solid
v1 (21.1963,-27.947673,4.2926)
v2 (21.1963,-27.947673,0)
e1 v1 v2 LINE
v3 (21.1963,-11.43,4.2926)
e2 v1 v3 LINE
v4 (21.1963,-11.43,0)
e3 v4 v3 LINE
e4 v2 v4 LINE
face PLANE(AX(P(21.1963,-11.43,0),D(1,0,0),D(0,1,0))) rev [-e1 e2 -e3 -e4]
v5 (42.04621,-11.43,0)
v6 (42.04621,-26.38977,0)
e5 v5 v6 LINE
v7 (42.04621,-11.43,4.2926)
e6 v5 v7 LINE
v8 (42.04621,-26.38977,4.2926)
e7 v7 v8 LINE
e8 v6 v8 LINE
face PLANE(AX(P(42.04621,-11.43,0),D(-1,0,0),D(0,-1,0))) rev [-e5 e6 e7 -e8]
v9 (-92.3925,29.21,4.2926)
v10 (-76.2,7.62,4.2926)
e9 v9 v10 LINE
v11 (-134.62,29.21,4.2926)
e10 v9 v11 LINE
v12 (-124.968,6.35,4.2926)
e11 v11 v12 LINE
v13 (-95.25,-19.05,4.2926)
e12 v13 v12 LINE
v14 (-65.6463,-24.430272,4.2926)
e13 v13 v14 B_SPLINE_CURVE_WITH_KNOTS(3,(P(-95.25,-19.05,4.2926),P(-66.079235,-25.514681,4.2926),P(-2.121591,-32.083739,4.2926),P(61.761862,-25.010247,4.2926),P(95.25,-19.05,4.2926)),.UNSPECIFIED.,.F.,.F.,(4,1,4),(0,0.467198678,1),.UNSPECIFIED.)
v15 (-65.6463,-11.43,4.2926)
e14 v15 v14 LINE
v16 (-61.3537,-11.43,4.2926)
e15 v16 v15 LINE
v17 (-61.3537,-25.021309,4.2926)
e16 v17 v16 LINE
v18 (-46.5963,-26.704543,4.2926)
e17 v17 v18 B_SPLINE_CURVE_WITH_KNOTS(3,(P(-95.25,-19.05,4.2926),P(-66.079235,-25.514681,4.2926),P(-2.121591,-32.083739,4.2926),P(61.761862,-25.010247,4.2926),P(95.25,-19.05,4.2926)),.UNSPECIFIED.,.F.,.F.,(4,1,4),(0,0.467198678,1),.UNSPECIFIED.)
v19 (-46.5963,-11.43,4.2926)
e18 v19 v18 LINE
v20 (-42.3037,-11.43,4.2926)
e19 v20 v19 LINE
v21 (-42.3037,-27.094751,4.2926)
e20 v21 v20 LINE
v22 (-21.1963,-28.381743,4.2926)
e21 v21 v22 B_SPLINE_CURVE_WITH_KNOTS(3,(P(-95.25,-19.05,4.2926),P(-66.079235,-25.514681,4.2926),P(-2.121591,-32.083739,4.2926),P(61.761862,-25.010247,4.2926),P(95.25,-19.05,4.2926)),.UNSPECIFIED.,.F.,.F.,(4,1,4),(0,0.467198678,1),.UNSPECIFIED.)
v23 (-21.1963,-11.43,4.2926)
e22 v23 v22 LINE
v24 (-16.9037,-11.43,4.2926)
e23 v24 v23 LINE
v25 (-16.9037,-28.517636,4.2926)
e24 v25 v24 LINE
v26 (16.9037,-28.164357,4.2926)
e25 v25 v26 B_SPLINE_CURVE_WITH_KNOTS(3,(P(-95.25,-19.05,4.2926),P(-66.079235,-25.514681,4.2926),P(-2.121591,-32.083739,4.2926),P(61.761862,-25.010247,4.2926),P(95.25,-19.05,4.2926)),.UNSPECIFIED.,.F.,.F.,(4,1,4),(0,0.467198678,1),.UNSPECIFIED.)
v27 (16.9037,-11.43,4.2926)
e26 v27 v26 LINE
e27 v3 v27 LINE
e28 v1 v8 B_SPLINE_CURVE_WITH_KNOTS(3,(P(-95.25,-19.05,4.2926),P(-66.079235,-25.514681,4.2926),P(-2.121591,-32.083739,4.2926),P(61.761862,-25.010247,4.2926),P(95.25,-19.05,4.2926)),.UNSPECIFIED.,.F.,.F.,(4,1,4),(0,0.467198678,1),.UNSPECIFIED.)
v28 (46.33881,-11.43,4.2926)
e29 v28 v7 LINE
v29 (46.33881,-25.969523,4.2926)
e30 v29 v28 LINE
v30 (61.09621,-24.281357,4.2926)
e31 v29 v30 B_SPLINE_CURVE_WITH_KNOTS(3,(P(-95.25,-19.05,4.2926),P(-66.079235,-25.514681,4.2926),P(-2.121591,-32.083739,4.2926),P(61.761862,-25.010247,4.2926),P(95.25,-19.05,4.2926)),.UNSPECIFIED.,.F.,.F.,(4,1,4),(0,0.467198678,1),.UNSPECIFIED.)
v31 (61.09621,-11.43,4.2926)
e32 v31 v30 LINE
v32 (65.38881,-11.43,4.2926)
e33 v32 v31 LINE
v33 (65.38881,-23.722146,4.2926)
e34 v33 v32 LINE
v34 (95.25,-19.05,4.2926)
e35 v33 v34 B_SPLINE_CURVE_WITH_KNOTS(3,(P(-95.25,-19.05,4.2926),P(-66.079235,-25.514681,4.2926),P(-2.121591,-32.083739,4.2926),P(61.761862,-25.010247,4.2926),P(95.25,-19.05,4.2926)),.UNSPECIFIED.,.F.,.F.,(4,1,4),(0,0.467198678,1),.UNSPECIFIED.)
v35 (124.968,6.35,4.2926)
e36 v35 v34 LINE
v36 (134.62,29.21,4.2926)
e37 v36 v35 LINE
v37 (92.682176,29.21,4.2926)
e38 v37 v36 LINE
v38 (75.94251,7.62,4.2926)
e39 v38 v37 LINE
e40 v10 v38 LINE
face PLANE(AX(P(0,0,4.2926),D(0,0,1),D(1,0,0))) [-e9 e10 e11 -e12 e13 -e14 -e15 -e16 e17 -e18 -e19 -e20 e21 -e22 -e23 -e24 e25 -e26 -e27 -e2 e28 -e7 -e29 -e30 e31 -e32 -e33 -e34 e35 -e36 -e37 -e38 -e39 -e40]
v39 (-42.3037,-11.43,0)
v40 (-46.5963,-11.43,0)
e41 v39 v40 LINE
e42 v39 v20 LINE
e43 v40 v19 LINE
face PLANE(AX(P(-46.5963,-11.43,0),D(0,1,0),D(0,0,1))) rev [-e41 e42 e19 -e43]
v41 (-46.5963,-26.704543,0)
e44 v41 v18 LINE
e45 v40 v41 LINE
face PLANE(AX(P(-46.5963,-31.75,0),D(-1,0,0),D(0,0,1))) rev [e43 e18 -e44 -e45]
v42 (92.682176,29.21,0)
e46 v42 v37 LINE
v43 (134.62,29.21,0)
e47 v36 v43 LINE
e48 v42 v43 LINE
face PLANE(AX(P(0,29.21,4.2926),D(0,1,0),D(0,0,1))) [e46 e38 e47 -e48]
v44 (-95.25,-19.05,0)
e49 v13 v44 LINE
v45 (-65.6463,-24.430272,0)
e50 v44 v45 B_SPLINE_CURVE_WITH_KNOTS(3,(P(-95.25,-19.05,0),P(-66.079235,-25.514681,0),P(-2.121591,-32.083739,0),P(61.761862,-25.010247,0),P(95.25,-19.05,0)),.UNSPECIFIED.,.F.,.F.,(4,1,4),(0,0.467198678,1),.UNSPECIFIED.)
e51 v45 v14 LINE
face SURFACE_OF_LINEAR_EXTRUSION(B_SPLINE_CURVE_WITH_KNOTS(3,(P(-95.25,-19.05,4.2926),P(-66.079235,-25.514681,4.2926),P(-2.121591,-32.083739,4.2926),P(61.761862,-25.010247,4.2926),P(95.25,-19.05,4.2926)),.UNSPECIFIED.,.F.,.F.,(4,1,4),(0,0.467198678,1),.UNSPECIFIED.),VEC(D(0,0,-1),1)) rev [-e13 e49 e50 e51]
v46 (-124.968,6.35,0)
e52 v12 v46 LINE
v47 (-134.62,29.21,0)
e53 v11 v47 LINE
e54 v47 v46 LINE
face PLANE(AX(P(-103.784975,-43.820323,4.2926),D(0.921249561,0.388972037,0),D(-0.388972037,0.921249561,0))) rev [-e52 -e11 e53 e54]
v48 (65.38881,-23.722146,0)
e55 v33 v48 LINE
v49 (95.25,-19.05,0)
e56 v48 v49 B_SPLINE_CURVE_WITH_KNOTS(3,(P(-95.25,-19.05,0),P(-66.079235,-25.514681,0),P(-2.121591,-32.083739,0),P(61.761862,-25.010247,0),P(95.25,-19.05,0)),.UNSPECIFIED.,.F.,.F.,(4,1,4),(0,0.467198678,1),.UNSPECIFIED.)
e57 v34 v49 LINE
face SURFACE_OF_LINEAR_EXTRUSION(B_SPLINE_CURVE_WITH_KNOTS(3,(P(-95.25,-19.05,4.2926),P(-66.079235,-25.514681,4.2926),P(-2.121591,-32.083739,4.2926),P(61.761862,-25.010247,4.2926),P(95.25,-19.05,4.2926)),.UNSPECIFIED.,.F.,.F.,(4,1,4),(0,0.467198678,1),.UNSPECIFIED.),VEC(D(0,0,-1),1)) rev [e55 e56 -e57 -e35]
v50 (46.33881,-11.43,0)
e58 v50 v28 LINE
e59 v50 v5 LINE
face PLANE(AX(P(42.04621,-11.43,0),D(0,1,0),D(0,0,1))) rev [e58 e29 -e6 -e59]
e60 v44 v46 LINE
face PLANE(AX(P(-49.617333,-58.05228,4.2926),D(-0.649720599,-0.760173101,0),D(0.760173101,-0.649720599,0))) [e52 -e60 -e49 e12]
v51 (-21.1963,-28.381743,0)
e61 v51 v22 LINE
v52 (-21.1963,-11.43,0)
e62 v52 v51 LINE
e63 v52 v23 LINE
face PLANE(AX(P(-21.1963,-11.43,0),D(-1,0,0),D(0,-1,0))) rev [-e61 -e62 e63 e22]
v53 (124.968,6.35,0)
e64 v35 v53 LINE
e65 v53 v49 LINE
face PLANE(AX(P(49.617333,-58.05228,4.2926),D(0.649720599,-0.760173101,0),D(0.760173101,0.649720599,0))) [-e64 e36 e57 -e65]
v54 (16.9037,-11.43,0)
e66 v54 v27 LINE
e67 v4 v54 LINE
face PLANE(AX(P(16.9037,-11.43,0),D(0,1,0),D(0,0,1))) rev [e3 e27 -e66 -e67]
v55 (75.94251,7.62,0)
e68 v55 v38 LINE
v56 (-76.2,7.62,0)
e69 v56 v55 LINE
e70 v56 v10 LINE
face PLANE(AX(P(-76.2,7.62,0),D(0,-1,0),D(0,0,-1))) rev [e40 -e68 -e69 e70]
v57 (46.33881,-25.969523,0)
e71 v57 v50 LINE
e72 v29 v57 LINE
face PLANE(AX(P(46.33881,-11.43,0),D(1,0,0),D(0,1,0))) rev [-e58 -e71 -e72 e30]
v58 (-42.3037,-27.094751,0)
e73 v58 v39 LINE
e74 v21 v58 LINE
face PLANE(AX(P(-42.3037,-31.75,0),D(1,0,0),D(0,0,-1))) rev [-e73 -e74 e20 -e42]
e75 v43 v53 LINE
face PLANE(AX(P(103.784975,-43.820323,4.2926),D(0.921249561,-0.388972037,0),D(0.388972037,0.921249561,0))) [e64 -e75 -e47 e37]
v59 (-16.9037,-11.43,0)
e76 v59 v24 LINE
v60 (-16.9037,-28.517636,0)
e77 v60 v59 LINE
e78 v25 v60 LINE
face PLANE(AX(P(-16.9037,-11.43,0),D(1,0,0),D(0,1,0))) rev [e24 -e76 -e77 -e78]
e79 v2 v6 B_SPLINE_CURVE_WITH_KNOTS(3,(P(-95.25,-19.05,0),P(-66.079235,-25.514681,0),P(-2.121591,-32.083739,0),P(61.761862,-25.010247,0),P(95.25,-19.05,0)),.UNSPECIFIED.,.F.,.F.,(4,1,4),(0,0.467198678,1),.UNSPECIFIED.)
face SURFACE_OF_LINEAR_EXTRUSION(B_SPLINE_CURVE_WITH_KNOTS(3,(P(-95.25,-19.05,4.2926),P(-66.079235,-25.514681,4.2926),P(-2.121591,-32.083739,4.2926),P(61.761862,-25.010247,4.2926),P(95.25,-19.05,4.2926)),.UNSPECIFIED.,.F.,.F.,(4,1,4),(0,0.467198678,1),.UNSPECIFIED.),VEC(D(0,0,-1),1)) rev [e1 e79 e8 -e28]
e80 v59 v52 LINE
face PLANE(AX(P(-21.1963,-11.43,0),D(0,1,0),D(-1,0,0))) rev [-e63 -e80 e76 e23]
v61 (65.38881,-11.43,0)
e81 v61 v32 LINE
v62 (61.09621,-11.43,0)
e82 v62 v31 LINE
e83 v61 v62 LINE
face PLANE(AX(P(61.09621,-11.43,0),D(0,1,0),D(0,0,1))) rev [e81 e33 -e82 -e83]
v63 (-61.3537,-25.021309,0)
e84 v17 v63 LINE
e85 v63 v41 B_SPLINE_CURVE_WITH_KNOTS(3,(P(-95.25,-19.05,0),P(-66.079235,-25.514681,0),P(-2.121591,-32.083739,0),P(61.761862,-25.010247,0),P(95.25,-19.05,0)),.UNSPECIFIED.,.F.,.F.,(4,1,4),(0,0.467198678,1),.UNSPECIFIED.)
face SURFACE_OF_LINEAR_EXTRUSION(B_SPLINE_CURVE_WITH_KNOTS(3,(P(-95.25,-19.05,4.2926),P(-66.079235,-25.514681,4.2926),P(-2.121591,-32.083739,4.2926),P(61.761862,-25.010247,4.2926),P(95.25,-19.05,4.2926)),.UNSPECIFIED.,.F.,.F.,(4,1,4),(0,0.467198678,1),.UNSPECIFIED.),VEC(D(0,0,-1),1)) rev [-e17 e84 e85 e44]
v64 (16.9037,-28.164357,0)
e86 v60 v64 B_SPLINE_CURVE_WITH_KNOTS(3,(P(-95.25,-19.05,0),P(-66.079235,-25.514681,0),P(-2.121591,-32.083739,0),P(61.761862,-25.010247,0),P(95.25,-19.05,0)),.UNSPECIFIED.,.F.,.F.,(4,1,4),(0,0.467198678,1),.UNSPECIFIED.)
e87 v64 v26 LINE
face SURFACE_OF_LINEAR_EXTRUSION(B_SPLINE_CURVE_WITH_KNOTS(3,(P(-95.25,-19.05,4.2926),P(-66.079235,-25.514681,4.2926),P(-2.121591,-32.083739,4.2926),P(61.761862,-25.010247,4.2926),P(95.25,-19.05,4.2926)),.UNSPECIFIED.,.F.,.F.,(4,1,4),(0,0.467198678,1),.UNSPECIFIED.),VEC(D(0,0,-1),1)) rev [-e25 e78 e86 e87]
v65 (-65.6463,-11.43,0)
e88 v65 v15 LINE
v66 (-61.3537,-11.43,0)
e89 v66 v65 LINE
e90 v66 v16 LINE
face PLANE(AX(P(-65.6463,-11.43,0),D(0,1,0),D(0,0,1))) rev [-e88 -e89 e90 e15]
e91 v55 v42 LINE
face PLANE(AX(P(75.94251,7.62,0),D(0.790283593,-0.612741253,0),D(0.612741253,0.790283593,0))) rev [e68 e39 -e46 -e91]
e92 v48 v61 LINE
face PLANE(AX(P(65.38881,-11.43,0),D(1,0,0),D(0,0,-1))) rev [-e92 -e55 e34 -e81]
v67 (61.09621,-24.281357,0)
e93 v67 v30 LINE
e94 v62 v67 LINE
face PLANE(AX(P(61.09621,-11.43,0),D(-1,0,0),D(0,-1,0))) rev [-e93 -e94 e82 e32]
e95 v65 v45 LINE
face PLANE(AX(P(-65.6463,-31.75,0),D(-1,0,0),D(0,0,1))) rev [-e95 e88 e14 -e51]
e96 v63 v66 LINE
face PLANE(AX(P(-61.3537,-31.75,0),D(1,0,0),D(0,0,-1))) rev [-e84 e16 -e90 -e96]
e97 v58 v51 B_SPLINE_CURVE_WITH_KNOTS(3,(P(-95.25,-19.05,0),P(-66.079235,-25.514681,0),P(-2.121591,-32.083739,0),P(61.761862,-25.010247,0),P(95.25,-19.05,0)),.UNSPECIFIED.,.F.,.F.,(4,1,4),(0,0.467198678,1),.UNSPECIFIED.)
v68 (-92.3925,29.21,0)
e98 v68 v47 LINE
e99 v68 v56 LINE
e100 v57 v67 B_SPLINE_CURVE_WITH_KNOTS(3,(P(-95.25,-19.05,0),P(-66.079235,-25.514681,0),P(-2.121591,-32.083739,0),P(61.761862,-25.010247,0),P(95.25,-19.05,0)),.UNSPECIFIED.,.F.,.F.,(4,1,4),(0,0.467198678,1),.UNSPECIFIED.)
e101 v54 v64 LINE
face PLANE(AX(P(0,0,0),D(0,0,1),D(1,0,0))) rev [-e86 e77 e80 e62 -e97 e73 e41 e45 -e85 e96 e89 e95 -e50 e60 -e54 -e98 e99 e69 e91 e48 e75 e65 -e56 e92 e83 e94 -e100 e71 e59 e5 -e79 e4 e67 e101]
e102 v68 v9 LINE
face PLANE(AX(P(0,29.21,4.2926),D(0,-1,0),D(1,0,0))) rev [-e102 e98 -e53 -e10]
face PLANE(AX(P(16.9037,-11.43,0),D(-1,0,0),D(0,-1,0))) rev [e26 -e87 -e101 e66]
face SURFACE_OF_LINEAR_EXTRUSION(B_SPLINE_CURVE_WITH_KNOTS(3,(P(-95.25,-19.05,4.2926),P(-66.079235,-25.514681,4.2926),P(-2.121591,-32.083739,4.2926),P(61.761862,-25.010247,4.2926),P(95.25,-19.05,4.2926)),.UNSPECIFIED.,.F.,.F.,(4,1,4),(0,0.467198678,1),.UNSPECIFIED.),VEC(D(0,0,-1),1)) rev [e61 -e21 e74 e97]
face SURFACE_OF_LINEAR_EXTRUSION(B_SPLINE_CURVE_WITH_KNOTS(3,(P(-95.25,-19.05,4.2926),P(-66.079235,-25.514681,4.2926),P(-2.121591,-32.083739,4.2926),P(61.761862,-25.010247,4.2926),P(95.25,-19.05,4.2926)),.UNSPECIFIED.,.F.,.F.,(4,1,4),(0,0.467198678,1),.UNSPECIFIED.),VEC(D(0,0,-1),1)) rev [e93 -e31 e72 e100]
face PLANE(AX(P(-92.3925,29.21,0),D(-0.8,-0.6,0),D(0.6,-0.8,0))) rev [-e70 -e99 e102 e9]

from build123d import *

# Parameters (mm, degrees)
SKETCH1_W           = 152.4
SKETCH1_H           = 38.1
BOSS_EXTRUDE1_DEPTH = 4.2926
SKETCH2_W           = 152.142509963
SKETCH2_H           = 11.43
CUT_EXTRUDE1_DEPTH  = 4.2926
SKETCH3_W           = 4.2926
SKETCH3_H           = 20.32
CUT_EXTRUDE2_DEPTH  = 4.2926


with BuildPart() as part:
    # Sketch1 → Boss-Extrude1 (new body)
    with BuildSketch(Plane.XY):
        Polygon((-83.82, 29.21), (-134.62, 29.21), (-124.968, 6.35), (-95.25, -19.05), (-76.2, -19.05), (-76.2, 19.05), align=None)
        Rectangle(SKETCH1_W, SKETCH1_H)
        with BuildLine():
            Line((-76.2, -19.05), (-95.25, -19.05))
            add(Edge.make_bspline(
                [(-95.25, -19.05), (-66.079235011, -25.514680938), (-2.12159074, -32.083739423), (61.761861898, -25.010246771), (95.25, -19.05)],
                knots=[0, 0, 0, 0, 0.467198678, 1, 1, 1, 1], degree=3))
            Line((95.25, -19.05), (76.2, -19.05))
            Line((76.2, -19.05), (-76.2, -19.05))
        make_face()
        Polygon((95.25, -19.05), (76.2, -19.05), (76.2, 19.05), (83.82, 29.21), (134.62, 29.21), (124.968, 6.35), align=None)
    extrude(amount=BOSS_EXTRUDE1_DEPTH)

    # Sketch2 → Cut-Extrude1 (cut)
    with BuildSketch(Plane.XY.offset(4.2926)):
        with Locations((-0.128745018, 13.335)):
            Rectangle(SKETCH2_W, SKETCH2_H)
    extrude(amount=-CUT_EXTRUDE1_DEPTH, mode=Mode.SUBTRACT)

    # Sketch3 → Cut-Extrude2 (cut)
    with BuildSketch(Plane.XY.offset(4.2926)):
        with Locations((-63.5, -21.59)):
            Rectangle(SKETCH3_W, SKETCH3_H)
        with Locations((-44.45, -21.59)):
            Rectangle(SKETCH3_W, SKETCH3_H)
        with Locations((-19.05, -21.59)):
            Rectangle(SKETCH3_W, SKETCH3_H)
        with Locations((44.192509963, -21.59)):
            Rectangle(SKETCH3_W, SKETCH3_H)
        with Locations((63.242509963, -21.59)):
            Rectangle(SKETCH3_W, SKETCH3_H)
        with Locations((19.05, -21.59)):
            Rectangle(SKETCH3_W, SKETCH3_H)
        Polygon((-92.3925, 29.21), (-76.2, 7.62), (-76.2, 19.05), (-83.82, 29.21), align=None)
        Polygon((75.942509963, 7.62), (92.682176292, 29.21), (83.82, 29.21), (75.942509963, 19.05), align=None)
    extrude(amount=-CUT_EXTRUDE2_DEPTH, mode=Mode.SUBTRACT)


solid = part.part
